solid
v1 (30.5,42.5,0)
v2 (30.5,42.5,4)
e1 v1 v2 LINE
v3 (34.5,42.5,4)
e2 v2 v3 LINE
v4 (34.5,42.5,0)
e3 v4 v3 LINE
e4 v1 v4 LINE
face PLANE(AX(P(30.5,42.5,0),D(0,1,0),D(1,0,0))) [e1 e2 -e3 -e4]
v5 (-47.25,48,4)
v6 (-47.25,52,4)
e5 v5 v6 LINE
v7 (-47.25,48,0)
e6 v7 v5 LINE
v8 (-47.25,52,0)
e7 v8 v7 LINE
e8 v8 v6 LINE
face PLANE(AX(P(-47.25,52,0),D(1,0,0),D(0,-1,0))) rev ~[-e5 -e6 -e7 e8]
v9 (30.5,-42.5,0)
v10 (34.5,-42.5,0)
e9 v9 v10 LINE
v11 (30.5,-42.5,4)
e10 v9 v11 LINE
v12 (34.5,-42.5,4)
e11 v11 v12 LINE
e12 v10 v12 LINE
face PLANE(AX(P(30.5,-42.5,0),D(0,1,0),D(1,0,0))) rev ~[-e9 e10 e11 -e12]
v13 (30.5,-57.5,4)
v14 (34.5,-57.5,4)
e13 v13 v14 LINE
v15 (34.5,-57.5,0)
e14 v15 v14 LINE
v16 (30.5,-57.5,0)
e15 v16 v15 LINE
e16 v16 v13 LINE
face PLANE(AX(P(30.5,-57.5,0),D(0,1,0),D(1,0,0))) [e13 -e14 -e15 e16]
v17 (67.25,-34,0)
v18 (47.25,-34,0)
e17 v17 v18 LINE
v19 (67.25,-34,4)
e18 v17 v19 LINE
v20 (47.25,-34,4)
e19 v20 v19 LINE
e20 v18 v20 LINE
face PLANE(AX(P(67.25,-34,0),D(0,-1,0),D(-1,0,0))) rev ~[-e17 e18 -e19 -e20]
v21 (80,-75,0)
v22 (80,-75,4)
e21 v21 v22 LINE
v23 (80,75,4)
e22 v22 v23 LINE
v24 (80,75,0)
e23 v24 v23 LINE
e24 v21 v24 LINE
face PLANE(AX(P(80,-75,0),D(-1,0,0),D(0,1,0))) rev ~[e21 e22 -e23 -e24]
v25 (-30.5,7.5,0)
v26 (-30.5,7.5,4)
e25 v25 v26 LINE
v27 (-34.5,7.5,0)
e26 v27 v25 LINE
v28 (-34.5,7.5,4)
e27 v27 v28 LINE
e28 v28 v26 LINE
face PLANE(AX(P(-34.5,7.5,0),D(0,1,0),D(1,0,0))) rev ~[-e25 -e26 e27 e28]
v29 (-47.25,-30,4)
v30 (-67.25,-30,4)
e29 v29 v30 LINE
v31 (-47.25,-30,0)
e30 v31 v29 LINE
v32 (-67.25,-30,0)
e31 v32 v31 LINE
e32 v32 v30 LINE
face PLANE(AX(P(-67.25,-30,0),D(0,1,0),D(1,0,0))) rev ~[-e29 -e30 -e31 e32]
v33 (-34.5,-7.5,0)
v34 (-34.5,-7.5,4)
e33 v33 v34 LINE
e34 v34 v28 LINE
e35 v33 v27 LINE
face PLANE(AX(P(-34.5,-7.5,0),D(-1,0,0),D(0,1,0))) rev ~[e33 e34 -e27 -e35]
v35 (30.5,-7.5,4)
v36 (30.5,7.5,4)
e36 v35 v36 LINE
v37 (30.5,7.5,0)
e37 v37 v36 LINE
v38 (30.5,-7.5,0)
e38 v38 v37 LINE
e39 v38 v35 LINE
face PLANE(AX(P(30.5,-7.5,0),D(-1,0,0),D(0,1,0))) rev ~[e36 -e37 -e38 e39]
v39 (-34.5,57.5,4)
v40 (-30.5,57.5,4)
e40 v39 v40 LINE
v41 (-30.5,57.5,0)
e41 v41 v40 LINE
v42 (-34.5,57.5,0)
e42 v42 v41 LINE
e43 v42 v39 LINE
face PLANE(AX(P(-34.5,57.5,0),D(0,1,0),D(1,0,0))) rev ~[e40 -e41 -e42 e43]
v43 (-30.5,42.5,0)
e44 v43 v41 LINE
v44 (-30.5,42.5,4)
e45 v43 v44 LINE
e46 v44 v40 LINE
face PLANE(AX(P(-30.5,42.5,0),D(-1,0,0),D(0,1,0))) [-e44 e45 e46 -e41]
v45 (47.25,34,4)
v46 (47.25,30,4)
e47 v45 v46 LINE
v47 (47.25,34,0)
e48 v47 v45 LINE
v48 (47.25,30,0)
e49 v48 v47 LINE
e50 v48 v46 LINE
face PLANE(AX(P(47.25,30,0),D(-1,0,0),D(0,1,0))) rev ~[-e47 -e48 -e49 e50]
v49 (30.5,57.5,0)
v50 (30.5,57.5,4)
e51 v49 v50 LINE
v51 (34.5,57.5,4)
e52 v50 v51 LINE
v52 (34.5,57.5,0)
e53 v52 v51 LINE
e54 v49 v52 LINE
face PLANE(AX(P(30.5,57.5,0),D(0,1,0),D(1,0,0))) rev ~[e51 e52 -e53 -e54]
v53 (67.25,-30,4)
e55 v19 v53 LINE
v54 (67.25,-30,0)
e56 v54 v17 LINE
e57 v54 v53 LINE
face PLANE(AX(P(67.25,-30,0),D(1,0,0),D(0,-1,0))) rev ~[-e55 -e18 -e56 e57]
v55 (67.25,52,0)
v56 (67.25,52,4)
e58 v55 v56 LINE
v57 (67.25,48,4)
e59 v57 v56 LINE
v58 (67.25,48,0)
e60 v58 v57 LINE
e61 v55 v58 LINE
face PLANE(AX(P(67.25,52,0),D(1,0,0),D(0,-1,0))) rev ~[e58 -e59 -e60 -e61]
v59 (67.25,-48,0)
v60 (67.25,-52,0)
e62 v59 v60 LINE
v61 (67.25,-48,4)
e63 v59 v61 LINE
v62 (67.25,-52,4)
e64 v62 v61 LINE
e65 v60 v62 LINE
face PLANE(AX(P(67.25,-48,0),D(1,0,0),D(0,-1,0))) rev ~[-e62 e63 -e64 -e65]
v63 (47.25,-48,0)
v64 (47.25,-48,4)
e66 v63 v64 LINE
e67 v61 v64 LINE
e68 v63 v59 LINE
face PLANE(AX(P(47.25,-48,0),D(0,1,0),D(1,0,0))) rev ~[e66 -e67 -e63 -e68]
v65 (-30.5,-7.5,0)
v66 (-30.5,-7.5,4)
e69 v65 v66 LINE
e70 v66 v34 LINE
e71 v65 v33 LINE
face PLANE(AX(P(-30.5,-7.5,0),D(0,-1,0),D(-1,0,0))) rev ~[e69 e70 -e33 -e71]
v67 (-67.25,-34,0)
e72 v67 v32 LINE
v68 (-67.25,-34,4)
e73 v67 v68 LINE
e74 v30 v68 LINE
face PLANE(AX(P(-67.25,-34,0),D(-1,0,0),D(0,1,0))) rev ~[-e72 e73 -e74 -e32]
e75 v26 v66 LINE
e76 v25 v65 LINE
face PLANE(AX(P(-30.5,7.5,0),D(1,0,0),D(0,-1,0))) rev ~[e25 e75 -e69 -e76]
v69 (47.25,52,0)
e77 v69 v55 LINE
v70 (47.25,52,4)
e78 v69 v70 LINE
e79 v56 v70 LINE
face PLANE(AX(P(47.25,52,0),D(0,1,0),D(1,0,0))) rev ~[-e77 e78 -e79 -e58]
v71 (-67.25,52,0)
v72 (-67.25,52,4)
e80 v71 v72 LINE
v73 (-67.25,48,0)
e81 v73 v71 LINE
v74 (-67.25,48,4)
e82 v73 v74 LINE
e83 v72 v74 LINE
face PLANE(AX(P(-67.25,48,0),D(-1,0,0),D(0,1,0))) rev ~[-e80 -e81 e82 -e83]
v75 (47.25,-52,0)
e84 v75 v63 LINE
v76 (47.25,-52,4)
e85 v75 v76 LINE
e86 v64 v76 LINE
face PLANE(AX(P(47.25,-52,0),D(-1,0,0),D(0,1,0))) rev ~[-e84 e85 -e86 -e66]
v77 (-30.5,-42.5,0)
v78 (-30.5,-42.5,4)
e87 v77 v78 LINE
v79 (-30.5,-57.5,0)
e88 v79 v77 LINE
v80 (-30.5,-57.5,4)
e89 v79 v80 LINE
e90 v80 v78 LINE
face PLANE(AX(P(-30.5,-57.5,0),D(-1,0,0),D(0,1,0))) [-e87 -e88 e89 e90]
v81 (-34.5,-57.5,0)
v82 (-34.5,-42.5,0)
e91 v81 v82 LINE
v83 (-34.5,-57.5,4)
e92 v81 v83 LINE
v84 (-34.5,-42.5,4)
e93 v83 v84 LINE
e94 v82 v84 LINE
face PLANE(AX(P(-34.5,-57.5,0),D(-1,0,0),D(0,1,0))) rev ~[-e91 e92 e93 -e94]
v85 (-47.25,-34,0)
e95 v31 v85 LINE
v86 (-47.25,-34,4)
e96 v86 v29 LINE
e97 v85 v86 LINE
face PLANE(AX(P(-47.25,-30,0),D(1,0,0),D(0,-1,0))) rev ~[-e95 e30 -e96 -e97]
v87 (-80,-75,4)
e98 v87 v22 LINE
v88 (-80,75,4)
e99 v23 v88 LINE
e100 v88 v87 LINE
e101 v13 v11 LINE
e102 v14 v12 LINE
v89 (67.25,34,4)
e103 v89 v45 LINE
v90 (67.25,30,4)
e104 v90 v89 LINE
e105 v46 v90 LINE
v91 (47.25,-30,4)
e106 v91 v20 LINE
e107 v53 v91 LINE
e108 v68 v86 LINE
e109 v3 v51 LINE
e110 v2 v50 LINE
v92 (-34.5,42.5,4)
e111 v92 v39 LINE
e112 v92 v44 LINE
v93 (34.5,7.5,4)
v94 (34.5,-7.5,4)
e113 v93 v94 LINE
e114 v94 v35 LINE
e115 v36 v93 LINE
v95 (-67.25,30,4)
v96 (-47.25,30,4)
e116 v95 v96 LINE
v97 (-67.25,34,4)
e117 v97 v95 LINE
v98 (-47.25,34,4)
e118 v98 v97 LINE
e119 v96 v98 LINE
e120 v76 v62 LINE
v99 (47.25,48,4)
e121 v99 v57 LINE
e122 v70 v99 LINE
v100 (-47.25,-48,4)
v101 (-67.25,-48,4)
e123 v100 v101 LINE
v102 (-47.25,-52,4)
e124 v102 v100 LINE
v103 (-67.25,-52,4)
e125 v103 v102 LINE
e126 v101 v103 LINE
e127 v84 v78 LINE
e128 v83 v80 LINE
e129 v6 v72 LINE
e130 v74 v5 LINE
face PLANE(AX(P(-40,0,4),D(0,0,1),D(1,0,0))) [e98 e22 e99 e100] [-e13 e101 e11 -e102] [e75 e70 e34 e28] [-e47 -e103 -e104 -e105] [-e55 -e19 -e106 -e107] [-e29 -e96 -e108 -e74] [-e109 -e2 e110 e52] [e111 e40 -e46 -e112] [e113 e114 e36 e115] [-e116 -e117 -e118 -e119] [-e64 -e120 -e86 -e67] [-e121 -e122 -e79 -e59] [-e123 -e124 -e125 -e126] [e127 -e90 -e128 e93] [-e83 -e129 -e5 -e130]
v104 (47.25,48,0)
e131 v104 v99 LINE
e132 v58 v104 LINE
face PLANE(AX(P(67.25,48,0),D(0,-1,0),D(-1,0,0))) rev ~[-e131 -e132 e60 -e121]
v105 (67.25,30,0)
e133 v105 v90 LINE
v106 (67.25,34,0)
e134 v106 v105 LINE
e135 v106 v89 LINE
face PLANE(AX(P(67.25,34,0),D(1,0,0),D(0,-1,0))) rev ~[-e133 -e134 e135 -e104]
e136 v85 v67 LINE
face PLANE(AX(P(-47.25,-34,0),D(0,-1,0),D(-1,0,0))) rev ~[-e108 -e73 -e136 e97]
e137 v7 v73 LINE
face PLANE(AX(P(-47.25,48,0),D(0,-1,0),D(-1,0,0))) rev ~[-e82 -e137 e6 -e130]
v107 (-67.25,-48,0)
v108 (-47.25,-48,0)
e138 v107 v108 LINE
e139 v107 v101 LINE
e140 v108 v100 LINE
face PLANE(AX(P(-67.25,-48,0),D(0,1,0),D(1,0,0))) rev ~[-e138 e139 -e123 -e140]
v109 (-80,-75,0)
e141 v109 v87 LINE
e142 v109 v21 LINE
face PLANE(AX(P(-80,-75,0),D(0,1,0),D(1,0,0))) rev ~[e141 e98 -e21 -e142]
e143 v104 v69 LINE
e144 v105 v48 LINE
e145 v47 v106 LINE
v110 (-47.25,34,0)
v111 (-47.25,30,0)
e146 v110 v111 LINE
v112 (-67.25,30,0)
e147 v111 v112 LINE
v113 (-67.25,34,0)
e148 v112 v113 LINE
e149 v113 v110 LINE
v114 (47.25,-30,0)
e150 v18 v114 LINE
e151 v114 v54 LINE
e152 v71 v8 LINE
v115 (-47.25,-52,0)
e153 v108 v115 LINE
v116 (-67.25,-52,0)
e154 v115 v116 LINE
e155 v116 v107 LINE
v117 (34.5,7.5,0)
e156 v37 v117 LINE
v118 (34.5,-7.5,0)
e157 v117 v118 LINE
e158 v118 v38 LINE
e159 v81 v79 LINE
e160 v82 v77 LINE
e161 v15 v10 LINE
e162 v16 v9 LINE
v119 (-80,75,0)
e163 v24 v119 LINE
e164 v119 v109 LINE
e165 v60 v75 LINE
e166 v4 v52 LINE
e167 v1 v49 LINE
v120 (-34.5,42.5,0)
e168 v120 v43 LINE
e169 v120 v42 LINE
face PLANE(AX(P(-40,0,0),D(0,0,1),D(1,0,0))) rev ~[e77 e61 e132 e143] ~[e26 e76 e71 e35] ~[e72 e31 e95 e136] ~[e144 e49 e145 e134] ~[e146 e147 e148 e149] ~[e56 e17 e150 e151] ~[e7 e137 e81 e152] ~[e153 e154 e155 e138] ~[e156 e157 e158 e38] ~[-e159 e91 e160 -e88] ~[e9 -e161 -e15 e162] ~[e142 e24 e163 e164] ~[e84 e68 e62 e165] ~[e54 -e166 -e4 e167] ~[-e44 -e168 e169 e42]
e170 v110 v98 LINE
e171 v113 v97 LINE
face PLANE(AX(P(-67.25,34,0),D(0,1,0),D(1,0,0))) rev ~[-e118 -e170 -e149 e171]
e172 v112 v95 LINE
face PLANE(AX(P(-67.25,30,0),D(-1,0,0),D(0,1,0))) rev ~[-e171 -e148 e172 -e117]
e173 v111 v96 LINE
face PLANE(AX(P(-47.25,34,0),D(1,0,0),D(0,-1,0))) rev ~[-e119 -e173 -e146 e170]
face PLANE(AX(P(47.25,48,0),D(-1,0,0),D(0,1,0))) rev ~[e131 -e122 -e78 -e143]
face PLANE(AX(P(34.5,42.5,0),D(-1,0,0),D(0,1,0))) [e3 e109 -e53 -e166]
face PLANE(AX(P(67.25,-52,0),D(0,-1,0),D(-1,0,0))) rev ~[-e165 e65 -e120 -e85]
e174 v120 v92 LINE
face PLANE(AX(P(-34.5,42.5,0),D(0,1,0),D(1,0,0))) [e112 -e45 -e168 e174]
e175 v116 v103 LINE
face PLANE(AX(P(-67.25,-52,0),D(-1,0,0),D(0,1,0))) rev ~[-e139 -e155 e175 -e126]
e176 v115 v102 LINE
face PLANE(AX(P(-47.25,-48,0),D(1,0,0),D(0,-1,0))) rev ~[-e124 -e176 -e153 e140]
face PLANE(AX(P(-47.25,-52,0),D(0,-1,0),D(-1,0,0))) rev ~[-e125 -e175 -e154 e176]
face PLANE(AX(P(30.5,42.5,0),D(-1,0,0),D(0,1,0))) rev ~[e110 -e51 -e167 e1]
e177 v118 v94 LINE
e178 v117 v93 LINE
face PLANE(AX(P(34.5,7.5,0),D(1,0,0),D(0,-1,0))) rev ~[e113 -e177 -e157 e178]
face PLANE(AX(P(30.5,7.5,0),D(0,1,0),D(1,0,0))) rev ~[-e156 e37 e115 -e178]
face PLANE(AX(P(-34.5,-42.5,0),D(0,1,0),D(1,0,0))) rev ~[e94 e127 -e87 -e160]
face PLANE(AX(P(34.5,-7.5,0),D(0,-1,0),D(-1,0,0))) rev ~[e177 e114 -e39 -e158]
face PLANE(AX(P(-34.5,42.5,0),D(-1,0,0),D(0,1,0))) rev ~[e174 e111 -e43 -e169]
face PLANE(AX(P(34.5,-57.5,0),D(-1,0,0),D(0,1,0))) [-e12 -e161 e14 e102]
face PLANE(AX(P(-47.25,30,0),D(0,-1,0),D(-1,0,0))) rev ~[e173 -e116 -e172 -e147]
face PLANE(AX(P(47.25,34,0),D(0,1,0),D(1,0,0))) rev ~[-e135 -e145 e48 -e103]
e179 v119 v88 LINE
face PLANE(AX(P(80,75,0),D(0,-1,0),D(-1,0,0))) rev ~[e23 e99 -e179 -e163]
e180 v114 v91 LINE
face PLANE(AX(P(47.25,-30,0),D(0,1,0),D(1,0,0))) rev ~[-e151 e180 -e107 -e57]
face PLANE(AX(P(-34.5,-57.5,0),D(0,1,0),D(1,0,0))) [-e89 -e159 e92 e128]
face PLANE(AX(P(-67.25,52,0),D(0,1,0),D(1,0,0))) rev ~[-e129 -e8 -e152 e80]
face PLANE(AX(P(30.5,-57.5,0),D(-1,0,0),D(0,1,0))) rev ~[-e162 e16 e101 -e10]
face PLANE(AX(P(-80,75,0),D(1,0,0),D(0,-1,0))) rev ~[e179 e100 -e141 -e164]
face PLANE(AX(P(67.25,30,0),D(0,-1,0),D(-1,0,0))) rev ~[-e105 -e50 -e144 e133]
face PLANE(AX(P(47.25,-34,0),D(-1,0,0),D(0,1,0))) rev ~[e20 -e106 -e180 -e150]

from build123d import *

# Parameters (mm, degrees)
F0_W     = 4
F0_H     = 15
F1_DEPTH = 4
F2_W     = 10
F2_H     = 2
F3_DEPTH = 25


with BuildPart() as f1:
    # F0 (on Top) → F1 (new body)
    with BuildSketch(Plane.XY):
        Polygon((0, 75), (-80, 75), (-80, -75), (0, -75), (0, 0), align=None)
        with Locations((-32.5, -50)):
            Rectangle(F0_W, F0_H, mode=Mode.SUBTRACT)
        Polygon((-30.5, 7.5), (-30.5, 0), (-30.5, -7.5), (-34.5, -7.5), (-34.5, 7.5), align=None, mode=Mode.SUBTRACT)
        with Locations((-32.5, 50)):
            Rectangle(F0_W, F0_H, mode=Mode.SUBTRACT)
        Polygon((80, 75), (0, 75), (0, 0), (0, -75), (80, -75), align=None)
        with Locations((32.5, -50)):
            Rectangle(F0_W, F0_H, mode=Mode.SUBTRACT)
        Polygon((30.5, -7.5), (30.5, 0), (30.5, 7.5), (34.5, 7.5), (34.5, -7.5), align=None, mode=Mode.SUBTRACT)
        with Locations((32.5, 50)):
            Rectangle(F0_W, F0_H, mode=Mode.SUBTRACT)
    extrude(amount=F1_DEPTH)

    # F2 (on face) → F3 (cut)
    with BuildSketch(Plane(origin=(0, 0, 0), x_dir=(1, 0, 0), z_dir=(0, 0, -1))):
        Polygon((-47.25, 34), (-57.25, 34), (-67.25, 34), (-67.25, 30), (-47.25, 30), align=None)
        Polygon((67.25, 34), (57.25, 34), (47.25, 34), (47.25, 30), (67.25, 30), align=None)
        with Locations((62.25, 51)):
            Rectangle(F2_W, F2_H)
        with Locations((52.25, 51)):
            Rectangle(F2_W, F2_H)
        with Locations((62.25, 49)):
            Rectangle(F2_W, F2_H)
        with Locations((52.25, 49)):
            Rectangle(F2_W, F2_H)
        with Locations((-52.25, 51)):
            Rectangle(F2_W, F2_H)
        with Locations((-62.25, 51)):
            Rectangle(F2_W, F2_H)
        with Locations((-52.25, 49)):
            Rectangle(F2_W, F2_H)
        with Locations((-62.25, 49)):
            Rectangle(F2_W, F2_H)
        Polygon((47.25, -34), (57.25, -34), (67.25, -34), (67.25, -30), (47.25, -30), align=None)
        with Locations((52.25, -49)):
            Rectangle(F2_W, F2_H)
        with Locations((62.25, -49)):
            Rectangle(F2_W, F2_H)
        with Locations((62.25, -51)):
            Rectangle(F2_W, F2_H)
        with Locations((52.25, -51)):
            Rectangle(F2_W, F2_H)
        Polygon((-67.25, -34), (-57.25, -34), (-47.25, -34), (-47.25, -30), (-67.25, -30), align=None)
        with Locations((-52.25, -49)):
            Rectangle(F2_W, F2_H)
        with Locations((-52.25, -51)):
            Rectangle(F2_W, F2_H)
        with Locations((-62.25, -49)):
            Rectangle(F2_W, F2_H)
        with Locations((-62.25, -51)):
            Rectangle(F2_W, F2_H)
    extrude(amount=-F3_DEPTH, mode=Mode.SUBTRACT)


solid = f1.part
